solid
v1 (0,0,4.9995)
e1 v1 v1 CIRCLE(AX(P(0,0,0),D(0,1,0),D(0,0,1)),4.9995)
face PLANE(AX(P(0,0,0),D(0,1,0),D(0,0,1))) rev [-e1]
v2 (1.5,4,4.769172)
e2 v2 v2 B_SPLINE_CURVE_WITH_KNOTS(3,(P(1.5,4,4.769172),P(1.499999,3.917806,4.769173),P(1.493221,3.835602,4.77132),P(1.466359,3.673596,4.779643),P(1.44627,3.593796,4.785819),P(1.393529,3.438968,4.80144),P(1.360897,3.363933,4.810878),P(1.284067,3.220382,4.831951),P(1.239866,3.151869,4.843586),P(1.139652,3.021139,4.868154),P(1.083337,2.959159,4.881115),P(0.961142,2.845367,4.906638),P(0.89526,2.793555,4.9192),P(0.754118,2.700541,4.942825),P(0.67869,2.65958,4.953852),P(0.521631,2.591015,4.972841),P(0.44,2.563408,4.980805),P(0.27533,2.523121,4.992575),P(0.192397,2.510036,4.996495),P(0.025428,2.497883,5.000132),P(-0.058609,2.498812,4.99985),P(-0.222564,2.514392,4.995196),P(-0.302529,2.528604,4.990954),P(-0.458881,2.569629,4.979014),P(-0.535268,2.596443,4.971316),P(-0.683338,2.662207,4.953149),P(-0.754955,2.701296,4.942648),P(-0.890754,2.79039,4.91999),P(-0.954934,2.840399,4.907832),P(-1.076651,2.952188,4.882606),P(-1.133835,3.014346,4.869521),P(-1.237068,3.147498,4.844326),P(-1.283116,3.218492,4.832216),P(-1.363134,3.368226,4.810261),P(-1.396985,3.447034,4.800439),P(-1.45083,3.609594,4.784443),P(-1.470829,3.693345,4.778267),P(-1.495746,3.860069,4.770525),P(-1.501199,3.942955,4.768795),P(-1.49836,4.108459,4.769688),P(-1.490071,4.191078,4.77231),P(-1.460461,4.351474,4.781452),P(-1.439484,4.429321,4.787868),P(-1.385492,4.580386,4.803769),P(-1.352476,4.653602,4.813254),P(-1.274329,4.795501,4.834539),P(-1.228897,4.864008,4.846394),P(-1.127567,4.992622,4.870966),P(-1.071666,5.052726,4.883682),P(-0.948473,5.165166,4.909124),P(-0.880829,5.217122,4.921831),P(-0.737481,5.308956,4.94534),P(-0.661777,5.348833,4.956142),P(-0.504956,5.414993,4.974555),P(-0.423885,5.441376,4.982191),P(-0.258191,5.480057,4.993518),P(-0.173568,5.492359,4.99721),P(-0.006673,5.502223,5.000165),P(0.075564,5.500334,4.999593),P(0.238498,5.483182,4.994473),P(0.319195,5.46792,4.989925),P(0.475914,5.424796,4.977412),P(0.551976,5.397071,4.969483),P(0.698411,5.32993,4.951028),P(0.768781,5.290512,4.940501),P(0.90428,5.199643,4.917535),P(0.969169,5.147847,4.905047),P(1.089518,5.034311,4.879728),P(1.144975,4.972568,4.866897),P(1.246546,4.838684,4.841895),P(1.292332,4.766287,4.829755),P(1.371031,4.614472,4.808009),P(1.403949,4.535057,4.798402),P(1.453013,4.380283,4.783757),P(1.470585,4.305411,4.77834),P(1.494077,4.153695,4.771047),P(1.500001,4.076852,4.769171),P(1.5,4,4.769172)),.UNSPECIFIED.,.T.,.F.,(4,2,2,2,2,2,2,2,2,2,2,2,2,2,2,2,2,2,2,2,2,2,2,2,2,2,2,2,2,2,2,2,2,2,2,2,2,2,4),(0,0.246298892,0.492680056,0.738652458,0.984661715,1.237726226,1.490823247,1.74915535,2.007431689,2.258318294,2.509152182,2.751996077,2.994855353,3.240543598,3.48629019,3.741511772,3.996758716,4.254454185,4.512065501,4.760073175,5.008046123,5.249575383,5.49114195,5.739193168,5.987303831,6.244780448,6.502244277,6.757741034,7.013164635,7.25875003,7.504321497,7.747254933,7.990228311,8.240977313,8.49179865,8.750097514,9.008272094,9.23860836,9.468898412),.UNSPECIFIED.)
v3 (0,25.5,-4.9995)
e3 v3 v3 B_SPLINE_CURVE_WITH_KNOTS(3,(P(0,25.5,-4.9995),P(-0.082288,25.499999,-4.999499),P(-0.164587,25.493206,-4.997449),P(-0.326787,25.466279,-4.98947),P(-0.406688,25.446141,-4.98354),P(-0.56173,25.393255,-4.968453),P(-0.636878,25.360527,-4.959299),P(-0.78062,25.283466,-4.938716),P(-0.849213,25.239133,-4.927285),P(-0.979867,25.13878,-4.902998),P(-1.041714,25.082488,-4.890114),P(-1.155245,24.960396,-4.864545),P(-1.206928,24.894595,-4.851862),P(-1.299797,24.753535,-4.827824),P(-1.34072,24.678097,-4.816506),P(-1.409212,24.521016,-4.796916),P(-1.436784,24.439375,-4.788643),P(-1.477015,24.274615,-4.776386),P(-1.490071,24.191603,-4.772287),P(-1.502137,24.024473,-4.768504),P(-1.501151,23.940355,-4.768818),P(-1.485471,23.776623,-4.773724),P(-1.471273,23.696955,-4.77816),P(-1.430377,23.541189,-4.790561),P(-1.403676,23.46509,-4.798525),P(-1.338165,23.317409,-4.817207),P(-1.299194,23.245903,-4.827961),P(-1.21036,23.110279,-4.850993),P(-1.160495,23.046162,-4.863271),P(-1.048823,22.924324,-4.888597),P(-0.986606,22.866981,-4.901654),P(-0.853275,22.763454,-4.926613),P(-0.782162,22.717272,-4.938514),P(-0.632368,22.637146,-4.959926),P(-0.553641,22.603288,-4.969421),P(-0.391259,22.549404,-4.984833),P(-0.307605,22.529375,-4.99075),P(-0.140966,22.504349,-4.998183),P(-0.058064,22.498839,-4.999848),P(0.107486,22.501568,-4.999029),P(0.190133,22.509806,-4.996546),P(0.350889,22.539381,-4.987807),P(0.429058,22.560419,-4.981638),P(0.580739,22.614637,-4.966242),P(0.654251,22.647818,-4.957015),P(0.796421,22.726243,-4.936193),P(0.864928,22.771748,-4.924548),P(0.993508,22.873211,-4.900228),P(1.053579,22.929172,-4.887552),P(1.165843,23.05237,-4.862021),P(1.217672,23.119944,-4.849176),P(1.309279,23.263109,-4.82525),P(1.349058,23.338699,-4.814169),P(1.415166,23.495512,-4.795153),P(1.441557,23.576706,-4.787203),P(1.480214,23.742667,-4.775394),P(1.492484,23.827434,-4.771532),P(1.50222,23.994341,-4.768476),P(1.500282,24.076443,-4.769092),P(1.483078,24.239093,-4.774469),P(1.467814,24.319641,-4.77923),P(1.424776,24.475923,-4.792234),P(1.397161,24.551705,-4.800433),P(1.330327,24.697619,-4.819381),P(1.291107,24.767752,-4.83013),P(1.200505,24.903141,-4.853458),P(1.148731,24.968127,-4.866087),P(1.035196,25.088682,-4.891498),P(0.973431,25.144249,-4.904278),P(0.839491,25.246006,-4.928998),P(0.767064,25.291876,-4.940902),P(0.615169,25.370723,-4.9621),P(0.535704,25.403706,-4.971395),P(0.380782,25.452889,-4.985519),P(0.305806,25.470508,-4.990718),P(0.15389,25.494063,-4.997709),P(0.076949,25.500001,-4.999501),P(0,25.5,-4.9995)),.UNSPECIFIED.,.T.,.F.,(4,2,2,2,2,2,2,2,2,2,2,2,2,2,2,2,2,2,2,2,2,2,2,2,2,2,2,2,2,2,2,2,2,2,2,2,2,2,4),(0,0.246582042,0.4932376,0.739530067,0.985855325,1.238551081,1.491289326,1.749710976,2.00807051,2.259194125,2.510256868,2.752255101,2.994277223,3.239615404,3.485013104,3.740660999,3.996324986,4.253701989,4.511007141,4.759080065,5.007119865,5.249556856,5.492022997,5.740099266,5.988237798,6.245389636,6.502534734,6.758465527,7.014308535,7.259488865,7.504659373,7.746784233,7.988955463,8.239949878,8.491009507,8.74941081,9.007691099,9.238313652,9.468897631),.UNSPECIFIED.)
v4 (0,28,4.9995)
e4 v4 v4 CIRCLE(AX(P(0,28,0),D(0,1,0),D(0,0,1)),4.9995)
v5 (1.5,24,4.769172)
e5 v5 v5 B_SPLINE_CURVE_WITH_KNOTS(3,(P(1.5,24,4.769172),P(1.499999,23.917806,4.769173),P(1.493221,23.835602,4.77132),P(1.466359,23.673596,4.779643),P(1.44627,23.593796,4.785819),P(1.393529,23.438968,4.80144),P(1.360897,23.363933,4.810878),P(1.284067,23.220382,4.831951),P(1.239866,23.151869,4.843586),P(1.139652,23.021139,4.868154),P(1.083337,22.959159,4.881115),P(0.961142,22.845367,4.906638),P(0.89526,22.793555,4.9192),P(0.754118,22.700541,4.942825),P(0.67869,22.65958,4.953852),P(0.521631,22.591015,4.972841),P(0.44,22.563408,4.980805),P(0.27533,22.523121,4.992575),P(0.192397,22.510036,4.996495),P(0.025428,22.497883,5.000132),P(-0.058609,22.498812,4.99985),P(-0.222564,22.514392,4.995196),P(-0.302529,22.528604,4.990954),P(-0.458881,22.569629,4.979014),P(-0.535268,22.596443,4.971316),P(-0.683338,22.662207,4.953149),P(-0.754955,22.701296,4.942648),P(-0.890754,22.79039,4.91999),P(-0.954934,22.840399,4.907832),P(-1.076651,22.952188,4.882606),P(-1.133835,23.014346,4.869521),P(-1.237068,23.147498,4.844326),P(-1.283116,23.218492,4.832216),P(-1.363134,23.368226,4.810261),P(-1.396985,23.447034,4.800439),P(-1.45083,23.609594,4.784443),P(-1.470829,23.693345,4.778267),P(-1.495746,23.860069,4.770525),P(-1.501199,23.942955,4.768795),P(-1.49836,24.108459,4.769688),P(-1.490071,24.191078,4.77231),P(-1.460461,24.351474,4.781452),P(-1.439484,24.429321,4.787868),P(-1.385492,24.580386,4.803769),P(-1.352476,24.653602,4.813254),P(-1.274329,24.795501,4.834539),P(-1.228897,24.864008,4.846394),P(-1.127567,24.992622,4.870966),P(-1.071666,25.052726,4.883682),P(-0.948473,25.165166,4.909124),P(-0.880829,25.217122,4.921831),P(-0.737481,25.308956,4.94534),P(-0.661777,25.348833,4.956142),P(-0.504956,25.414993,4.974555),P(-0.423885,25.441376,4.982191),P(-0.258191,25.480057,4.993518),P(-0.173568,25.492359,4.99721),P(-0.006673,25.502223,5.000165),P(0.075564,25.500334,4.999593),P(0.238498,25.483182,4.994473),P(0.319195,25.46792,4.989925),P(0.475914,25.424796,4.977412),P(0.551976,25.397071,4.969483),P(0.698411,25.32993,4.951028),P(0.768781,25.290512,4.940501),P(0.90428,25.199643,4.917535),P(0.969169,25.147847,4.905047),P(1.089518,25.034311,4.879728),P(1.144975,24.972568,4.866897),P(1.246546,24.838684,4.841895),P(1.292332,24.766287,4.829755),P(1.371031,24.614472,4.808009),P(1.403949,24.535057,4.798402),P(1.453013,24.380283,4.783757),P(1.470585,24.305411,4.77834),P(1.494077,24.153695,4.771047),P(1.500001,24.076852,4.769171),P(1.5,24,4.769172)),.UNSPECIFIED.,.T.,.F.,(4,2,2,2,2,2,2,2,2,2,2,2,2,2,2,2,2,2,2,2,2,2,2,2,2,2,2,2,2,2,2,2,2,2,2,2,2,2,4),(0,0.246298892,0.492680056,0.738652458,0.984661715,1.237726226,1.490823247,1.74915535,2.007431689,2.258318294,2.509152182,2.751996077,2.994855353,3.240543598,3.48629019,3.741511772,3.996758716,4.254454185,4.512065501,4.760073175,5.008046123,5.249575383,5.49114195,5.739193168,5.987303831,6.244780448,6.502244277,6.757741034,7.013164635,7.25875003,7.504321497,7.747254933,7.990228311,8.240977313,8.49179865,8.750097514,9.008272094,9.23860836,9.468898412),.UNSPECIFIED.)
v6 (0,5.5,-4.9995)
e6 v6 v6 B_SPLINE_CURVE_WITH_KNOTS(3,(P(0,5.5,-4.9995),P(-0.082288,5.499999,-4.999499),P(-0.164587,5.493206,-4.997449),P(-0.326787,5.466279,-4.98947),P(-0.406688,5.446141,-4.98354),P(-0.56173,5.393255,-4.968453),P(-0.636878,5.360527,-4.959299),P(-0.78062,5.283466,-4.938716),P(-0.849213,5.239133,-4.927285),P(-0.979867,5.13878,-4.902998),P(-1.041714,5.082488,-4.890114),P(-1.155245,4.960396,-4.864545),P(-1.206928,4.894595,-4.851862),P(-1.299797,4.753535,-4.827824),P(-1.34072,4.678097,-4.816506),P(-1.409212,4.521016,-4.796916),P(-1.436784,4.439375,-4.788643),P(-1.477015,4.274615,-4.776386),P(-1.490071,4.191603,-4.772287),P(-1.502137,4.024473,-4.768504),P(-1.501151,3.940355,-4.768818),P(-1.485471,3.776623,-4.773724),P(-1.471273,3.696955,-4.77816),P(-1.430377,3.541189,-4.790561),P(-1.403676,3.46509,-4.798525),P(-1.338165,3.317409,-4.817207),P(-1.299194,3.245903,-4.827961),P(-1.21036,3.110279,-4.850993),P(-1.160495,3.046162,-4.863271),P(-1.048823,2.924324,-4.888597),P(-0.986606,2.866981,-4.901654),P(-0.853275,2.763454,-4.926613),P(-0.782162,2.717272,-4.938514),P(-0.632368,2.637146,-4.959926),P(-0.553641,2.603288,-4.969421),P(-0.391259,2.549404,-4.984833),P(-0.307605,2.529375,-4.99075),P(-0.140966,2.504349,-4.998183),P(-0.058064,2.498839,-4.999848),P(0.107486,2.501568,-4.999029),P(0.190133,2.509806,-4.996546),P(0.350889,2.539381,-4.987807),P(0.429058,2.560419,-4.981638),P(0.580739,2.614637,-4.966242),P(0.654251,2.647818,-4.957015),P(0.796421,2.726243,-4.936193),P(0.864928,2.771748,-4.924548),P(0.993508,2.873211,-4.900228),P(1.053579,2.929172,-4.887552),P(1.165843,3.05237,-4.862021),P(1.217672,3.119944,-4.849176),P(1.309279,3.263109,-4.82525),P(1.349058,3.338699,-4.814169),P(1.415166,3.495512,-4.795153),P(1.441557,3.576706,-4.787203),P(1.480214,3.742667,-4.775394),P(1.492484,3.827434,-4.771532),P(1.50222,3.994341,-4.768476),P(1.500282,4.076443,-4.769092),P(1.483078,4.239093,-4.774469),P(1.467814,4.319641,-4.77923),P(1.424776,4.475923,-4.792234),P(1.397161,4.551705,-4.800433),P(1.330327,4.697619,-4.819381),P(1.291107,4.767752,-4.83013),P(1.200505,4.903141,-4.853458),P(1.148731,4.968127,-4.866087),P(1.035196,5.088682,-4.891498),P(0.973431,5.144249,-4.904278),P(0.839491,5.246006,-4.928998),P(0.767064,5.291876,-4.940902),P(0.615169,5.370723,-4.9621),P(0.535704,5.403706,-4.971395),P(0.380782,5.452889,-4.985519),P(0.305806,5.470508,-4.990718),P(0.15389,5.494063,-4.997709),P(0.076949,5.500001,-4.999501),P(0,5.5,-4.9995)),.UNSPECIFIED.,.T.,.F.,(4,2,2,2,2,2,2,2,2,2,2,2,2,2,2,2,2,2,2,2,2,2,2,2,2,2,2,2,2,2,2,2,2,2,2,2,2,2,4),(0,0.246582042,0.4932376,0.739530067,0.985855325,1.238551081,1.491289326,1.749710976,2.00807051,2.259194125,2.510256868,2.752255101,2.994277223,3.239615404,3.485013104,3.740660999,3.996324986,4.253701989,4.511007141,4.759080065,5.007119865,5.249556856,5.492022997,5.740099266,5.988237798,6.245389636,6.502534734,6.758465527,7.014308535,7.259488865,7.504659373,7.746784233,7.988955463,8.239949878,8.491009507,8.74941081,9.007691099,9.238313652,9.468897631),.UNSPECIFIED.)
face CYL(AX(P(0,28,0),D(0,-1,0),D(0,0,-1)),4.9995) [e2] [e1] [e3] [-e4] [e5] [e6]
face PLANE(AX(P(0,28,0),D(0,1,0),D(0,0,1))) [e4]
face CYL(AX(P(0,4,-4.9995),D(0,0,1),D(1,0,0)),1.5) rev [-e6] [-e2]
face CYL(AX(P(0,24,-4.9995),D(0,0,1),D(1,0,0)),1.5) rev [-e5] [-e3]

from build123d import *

# Parameters (mm, degrees)
SKETCH1_R               = 4.9995
BOSS_EXTRUDE1_DEPTH     = 28
SKETCH2_R               = 1.5
CUT_EXTRUDE1_DEPTH      = 5.9995
CUT_EXTRUDE1_DEPTH_BACK = 5.9995


with BuildPart() as part:
    # Sketch1 → Boss-Extrude1 (new body)
    with BuildSketch(Plane(origin=(0, 0, 0), x_dir=(1, 0, 0), z_dir=(0, 1, 0))):
        Circle(SKETCH1_R)
    extrude(amount=BOSS_EXTRUDE1_DEPTH)

    # Sketch2 → Cut-Extrude1 (cut, two sides)
    with BuildSketch(Plane.XY) as cut_extrude1_sk:
        with Locations((0, 4)):
            Circle(SKETCH2_R)
        with Locations((0, 24)):
            Circle(SKETCH2_R)
    extrude(amount=CUT_EXTRUDE1_DEPTH, mode=Mode.SUBTRACT)
    extrude(cut_extrude1_sk.sketch, amount=-CUT_EXTRUDE1_DEPTH_BACK, mode=Mode.SUBTRACT)


solid = part.part
